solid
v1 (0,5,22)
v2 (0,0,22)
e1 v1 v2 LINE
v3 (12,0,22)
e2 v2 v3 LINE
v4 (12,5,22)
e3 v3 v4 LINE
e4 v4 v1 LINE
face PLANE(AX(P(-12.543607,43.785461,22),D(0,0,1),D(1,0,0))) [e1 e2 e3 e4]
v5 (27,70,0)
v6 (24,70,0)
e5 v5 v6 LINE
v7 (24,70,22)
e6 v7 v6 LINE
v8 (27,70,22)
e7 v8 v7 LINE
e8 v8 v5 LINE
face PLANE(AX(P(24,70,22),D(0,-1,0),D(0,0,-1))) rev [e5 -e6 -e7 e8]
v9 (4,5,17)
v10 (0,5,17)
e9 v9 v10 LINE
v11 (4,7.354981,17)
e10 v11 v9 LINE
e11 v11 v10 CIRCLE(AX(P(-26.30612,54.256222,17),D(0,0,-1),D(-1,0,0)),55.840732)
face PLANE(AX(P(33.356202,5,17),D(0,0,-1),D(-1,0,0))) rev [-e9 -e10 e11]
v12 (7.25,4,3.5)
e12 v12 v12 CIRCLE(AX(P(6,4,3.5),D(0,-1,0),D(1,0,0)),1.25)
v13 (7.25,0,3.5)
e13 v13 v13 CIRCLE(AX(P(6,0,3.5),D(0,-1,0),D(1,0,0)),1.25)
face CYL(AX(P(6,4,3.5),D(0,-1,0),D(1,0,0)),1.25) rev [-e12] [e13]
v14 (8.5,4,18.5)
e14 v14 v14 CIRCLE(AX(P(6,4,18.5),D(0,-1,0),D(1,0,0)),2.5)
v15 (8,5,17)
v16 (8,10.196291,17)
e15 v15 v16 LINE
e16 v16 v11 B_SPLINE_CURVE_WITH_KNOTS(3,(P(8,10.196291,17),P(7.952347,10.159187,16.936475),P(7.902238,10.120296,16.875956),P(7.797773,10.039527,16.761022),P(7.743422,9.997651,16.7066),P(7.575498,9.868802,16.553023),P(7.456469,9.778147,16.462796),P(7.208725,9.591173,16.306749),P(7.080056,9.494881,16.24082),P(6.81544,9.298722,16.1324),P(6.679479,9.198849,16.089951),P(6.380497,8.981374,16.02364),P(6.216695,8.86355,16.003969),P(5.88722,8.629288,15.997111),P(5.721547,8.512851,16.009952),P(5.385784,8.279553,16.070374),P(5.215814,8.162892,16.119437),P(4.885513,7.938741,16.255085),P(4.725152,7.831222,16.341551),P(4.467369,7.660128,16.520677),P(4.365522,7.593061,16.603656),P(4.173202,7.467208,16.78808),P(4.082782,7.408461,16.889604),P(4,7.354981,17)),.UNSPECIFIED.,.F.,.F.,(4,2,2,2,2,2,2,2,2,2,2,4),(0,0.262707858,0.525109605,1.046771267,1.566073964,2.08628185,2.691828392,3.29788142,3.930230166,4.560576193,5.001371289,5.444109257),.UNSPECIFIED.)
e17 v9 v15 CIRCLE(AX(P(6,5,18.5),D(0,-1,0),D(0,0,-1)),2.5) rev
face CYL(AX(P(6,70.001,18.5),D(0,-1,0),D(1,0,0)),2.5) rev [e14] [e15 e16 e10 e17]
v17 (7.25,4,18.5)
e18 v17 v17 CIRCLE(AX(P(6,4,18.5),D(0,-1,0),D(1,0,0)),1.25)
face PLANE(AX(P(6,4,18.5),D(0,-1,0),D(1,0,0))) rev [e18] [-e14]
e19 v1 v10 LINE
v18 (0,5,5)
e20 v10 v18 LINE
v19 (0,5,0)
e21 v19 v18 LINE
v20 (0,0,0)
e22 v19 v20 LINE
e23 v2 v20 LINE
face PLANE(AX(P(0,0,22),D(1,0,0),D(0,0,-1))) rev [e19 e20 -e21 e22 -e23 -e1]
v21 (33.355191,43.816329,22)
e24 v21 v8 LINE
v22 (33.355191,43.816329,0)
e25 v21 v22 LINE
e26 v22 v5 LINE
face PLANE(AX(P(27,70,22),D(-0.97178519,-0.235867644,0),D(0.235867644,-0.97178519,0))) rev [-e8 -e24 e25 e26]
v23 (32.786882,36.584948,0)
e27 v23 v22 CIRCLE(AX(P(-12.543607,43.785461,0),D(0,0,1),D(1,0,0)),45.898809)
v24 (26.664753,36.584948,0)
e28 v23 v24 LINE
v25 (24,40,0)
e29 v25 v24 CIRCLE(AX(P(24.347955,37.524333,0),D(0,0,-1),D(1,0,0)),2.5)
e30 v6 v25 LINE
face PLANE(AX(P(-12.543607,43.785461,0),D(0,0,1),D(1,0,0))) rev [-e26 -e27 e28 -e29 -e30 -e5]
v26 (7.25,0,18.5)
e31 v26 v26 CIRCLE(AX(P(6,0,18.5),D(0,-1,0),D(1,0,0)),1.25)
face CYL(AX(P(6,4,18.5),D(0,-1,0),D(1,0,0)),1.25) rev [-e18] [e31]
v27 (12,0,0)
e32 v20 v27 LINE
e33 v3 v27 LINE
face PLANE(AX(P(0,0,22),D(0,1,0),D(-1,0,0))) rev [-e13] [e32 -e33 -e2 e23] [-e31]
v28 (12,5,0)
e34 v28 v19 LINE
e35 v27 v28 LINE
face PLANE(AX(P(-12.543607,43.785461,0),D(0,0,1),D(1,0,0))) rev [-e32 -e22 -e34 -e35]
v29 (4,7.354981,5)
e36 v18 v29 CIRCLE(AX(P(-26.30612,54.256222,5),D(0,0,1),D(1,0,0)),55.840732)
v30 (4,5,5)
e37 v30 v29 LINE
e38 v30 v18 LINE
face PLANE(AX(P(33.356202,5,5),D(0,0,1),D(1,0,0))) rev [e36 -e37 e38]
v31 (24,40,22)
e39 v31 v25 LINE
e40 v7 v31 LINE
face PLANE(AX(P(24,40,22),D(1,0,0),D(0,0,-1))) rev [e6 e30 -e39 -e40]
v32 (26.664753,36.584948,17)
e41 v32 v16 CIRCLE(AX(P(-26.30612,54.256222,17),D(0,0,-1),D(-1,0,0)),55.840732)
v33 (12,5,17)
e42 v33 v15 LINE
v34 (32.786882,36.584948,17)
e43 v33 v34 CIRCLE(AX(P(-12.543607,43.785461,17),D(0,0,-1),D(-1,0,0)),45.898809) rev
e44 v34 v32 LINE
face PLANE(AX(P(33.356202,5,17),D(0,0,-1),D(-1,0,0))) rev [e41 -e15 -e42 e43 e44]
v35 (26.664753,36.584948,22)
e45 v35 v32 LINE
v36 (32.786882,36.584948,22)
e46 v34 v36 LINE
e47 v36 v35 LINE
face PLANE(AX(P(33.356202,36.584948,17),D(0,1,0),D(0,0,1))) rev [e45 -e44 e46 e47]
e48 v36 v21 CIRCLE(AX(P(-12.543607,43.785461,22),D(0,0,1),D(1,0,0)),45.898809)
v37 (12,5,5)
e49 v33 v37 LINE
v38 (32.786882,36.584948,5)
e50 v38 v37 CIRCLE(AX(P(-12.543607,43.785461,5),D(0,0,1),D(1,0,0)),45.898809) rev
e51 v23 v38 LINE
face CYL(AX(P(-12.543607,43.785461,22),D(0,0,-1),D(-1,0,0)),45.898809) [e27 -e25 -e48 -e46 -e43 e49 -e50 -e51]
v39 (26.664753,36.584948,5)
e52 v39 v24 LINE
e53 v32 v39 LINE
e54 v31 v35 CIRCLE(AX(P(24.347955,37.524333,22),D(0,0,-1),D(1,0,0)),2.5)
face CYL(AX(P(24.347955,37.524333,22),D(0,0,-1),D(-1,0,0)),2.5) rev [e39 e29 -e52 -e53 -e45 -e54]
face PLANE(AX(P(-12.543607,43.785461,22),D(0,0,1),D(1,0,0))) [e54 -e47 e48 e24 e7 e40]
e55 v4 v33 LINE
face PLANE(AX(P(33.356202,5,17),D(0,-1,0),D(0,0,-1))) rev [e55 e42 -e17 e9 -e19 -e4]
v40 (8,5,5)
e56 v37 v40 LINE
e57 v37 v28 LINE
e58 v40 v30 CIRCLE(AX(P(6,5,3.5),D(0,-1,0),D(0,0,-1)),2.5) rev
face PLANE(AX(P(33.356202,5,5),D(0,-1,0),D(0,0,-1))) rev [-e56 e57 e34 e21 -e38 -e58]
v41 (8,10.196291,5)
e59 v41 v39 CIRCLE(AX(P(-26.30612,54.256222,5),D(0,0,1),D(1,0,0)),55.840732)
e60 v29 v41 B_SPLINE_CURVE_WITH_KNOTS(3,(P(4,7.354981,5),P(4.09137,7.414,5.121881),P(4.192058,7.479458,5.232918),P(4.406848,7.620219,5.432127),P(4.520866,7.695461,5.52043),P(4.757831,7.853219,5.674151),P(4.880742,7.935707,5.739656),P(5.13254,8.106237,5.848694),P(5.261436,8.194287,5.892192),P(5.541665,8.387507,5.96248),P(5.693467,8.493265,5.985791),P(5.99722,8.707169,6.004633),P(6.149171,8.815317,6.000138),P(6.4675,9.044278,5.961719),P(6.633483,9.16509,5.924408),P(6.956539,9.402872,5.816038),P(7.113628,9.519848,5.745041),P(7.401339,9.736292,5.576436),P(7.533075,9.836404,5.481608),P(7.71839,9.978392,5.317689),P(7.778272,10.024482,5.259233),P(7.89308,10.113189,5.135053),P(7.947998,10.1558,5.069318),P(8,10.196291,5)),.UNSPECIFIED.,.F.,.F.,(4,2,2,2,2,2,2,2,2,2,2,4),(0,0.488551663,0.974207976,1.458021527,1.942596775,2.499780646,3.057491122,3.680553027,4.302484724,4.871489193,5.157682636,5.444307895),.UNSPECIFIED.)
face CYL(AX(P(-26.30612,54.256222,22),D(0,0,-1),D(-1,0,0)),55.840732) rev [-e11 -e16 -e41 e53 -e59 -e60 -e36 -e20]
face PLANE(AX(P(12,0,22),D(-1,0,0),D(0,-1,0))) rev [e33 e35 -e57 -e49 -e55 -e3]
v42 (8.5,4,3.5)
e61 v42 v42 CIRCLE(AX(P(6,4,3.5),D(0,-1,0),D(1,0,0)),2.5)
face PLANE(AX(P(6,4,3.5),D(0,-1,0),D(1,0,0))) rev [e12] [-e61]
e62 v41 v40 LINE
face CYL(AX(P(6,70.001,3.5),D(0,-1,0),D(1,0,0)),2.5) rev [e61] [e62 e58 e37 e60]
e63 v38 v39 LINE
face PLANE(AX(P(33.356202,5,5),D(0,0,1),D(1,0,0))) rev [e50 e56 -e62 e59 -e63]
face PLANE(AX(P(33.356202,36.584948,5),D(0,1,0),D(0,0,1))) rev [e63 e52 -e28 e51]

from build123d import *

# Parameters (mm, degrees)
BOSS_EXTRU_1_DEPTH      = 22
ENL_V_MAT_EXTRU_1_REACH = 35.355
ESQUISSE2_W             = 5
ESQUISSE2_H             = 31.584947586
ESQUISSE3_R             = 1.25
ENL_V_MAT_EXTRU_2_DEPTH = 4
ENL_V_MAT_EXTRU_3_REACH = 68
ESQUISSE5_R             = 2.5


with BuildPart() as part:
    # Esquisse1 → Boss.-Extru.1 (new body)
    with BuildSketch(Plane.XY):
        with BuildLine():
            Line((0, 0), (0, 5))
            ThreePointArc((0, 5), (16.362517736, 18.234357648), (26.664753317, 36.584947586))
            ThreePointArc((26.664753317, 36.584947586), (26.318927206, 39.062275696), (24, 40))
            Line((24, 40), (24, 70))
            Line((24, 70), (27, 70))
            Line((27, 70), (33.355191258, 43.816329185))
            ThreePointArc((33.355191258, 43.816329185), (27.670942171, 21.661025112), (12, 5))
            Line((12, 5), (12, 0))
            Line((12, 0), (0, 0))
        make_face()
    extrude(amount=BOSS_EXTRU_1_DEPTH)

    # Esquisse2 → Enlèv. mat.-Extru.1 (cut, up to next)
    with BuildSketch(Plane.ZY, mode=Mode.PRIVATE) as enl_v_mat_extru_1_sk1:
        with Locations((2.5, 20.792473793)):
            Rectangle(ESQUISSE2_W, ESQUISSE2_H)
    enl_v_mat_extru_1_tool1 = extrude(enl_v_mat_extru_1_sk1.sketch, amount=-ENL_V_MAT_EXTRU_1_REACH, mode=Mode.PRIVATE) & part.part
    add(enl_v_mat_extru_1_tool1.solids().sort_by_distance((0, 20.792474, 2.5))[0], mode=Mode.SUBTRACT)
    # Esquisse2 → Enlèv. mat.-Extru.1 (cut, up to next)
    with BuildSketch(Plane.ZY, mode=Mode.PRIVATE) as enl_v_mat_extru_1_sk2:
        with Locations((19.5, 20.792473793)):
            Rectangle(ESQUISSE2_W, ESQUISSE2_H)
    enl_v_mat_extru_1_tool2 = extrude(enl_v_mat_extru_1_sk2.sketch, amount=-ENL_V_MAT_EXTRU_1_REACH, mode=Mode.PRIVATE) & part.part
    add(enl_v_mat_extru_1_tool2.solids().sort_by_distance((0, 20.792474, 19.5))[0], mode=Mode.SUBTRACT)

    # Esquisse3 → Enlèv. mat.-Extru.2 (cut)
    with BuildSketch(Plane.XZ):
        with Locations((6, 18.5)):
            Circle(ESQUISSE3_R)
        with Locations((6, 3.5)):
            Circle(ESQUISSE3_R)
    extrude(amount=-ENL_V_MAT_EXTRU_2_DEPTH, mode=Mode.SUBTRACT)

    # Esquisse5 → Enlèv. mat.-Extru.3 (cut, up to next)
    with BuildSketch(Plane(origin=(0, 4, 0), x_dir=(-1, 0, 0), z_dir=(0, -1, 0)), mode=Mode.PRIVATE) as enl_v_mat_extru_3_sk1:
        with Locations((-6, -3.5)):
            Circle(ESQUISSE5_R)
    enl_v_mat_extru_3_tool1 = extrude(enl_v_mat_extru_3_sk1.sketch, amount=-ENL_V_MAT_EXTRU_3_REACH, mode=Mode.PRIVATE) & part.part
    add(enl_v_mat_extru_3_tool1.solids().sort_by_distance((6, 4, 3.5))[0], mode=Mode.SUBTRACT)
    # Esquisse5 → Enlèv. mat.-Extru.3 (cut, up to next)
    with BuildSketch(Plane(origin=(0, 4, 0), x_dir=(-1, 0, 0), z_dir=(0, -1, 0)), mode=Mode.PRIVATE) as enl_v_mat_extru_3_sk2:
        with Locations((-6, -18.5)):
            Circle(ESQUISSE5_R)
    enl_v_mat_extru_3_tool2 = extrude(enl_v_mat_extru_3_sk2.sketch, amount=-ENL_V_MAT_EXTRU_3_REACH, mode=Mode.PRIVATE) & part.part
    add(enl_v_mat_extru_3_tool2.solids().sort_by_distance((6, 4, 18.5))[0], mode=Mode.SUBTRACT)


solid = part.part
